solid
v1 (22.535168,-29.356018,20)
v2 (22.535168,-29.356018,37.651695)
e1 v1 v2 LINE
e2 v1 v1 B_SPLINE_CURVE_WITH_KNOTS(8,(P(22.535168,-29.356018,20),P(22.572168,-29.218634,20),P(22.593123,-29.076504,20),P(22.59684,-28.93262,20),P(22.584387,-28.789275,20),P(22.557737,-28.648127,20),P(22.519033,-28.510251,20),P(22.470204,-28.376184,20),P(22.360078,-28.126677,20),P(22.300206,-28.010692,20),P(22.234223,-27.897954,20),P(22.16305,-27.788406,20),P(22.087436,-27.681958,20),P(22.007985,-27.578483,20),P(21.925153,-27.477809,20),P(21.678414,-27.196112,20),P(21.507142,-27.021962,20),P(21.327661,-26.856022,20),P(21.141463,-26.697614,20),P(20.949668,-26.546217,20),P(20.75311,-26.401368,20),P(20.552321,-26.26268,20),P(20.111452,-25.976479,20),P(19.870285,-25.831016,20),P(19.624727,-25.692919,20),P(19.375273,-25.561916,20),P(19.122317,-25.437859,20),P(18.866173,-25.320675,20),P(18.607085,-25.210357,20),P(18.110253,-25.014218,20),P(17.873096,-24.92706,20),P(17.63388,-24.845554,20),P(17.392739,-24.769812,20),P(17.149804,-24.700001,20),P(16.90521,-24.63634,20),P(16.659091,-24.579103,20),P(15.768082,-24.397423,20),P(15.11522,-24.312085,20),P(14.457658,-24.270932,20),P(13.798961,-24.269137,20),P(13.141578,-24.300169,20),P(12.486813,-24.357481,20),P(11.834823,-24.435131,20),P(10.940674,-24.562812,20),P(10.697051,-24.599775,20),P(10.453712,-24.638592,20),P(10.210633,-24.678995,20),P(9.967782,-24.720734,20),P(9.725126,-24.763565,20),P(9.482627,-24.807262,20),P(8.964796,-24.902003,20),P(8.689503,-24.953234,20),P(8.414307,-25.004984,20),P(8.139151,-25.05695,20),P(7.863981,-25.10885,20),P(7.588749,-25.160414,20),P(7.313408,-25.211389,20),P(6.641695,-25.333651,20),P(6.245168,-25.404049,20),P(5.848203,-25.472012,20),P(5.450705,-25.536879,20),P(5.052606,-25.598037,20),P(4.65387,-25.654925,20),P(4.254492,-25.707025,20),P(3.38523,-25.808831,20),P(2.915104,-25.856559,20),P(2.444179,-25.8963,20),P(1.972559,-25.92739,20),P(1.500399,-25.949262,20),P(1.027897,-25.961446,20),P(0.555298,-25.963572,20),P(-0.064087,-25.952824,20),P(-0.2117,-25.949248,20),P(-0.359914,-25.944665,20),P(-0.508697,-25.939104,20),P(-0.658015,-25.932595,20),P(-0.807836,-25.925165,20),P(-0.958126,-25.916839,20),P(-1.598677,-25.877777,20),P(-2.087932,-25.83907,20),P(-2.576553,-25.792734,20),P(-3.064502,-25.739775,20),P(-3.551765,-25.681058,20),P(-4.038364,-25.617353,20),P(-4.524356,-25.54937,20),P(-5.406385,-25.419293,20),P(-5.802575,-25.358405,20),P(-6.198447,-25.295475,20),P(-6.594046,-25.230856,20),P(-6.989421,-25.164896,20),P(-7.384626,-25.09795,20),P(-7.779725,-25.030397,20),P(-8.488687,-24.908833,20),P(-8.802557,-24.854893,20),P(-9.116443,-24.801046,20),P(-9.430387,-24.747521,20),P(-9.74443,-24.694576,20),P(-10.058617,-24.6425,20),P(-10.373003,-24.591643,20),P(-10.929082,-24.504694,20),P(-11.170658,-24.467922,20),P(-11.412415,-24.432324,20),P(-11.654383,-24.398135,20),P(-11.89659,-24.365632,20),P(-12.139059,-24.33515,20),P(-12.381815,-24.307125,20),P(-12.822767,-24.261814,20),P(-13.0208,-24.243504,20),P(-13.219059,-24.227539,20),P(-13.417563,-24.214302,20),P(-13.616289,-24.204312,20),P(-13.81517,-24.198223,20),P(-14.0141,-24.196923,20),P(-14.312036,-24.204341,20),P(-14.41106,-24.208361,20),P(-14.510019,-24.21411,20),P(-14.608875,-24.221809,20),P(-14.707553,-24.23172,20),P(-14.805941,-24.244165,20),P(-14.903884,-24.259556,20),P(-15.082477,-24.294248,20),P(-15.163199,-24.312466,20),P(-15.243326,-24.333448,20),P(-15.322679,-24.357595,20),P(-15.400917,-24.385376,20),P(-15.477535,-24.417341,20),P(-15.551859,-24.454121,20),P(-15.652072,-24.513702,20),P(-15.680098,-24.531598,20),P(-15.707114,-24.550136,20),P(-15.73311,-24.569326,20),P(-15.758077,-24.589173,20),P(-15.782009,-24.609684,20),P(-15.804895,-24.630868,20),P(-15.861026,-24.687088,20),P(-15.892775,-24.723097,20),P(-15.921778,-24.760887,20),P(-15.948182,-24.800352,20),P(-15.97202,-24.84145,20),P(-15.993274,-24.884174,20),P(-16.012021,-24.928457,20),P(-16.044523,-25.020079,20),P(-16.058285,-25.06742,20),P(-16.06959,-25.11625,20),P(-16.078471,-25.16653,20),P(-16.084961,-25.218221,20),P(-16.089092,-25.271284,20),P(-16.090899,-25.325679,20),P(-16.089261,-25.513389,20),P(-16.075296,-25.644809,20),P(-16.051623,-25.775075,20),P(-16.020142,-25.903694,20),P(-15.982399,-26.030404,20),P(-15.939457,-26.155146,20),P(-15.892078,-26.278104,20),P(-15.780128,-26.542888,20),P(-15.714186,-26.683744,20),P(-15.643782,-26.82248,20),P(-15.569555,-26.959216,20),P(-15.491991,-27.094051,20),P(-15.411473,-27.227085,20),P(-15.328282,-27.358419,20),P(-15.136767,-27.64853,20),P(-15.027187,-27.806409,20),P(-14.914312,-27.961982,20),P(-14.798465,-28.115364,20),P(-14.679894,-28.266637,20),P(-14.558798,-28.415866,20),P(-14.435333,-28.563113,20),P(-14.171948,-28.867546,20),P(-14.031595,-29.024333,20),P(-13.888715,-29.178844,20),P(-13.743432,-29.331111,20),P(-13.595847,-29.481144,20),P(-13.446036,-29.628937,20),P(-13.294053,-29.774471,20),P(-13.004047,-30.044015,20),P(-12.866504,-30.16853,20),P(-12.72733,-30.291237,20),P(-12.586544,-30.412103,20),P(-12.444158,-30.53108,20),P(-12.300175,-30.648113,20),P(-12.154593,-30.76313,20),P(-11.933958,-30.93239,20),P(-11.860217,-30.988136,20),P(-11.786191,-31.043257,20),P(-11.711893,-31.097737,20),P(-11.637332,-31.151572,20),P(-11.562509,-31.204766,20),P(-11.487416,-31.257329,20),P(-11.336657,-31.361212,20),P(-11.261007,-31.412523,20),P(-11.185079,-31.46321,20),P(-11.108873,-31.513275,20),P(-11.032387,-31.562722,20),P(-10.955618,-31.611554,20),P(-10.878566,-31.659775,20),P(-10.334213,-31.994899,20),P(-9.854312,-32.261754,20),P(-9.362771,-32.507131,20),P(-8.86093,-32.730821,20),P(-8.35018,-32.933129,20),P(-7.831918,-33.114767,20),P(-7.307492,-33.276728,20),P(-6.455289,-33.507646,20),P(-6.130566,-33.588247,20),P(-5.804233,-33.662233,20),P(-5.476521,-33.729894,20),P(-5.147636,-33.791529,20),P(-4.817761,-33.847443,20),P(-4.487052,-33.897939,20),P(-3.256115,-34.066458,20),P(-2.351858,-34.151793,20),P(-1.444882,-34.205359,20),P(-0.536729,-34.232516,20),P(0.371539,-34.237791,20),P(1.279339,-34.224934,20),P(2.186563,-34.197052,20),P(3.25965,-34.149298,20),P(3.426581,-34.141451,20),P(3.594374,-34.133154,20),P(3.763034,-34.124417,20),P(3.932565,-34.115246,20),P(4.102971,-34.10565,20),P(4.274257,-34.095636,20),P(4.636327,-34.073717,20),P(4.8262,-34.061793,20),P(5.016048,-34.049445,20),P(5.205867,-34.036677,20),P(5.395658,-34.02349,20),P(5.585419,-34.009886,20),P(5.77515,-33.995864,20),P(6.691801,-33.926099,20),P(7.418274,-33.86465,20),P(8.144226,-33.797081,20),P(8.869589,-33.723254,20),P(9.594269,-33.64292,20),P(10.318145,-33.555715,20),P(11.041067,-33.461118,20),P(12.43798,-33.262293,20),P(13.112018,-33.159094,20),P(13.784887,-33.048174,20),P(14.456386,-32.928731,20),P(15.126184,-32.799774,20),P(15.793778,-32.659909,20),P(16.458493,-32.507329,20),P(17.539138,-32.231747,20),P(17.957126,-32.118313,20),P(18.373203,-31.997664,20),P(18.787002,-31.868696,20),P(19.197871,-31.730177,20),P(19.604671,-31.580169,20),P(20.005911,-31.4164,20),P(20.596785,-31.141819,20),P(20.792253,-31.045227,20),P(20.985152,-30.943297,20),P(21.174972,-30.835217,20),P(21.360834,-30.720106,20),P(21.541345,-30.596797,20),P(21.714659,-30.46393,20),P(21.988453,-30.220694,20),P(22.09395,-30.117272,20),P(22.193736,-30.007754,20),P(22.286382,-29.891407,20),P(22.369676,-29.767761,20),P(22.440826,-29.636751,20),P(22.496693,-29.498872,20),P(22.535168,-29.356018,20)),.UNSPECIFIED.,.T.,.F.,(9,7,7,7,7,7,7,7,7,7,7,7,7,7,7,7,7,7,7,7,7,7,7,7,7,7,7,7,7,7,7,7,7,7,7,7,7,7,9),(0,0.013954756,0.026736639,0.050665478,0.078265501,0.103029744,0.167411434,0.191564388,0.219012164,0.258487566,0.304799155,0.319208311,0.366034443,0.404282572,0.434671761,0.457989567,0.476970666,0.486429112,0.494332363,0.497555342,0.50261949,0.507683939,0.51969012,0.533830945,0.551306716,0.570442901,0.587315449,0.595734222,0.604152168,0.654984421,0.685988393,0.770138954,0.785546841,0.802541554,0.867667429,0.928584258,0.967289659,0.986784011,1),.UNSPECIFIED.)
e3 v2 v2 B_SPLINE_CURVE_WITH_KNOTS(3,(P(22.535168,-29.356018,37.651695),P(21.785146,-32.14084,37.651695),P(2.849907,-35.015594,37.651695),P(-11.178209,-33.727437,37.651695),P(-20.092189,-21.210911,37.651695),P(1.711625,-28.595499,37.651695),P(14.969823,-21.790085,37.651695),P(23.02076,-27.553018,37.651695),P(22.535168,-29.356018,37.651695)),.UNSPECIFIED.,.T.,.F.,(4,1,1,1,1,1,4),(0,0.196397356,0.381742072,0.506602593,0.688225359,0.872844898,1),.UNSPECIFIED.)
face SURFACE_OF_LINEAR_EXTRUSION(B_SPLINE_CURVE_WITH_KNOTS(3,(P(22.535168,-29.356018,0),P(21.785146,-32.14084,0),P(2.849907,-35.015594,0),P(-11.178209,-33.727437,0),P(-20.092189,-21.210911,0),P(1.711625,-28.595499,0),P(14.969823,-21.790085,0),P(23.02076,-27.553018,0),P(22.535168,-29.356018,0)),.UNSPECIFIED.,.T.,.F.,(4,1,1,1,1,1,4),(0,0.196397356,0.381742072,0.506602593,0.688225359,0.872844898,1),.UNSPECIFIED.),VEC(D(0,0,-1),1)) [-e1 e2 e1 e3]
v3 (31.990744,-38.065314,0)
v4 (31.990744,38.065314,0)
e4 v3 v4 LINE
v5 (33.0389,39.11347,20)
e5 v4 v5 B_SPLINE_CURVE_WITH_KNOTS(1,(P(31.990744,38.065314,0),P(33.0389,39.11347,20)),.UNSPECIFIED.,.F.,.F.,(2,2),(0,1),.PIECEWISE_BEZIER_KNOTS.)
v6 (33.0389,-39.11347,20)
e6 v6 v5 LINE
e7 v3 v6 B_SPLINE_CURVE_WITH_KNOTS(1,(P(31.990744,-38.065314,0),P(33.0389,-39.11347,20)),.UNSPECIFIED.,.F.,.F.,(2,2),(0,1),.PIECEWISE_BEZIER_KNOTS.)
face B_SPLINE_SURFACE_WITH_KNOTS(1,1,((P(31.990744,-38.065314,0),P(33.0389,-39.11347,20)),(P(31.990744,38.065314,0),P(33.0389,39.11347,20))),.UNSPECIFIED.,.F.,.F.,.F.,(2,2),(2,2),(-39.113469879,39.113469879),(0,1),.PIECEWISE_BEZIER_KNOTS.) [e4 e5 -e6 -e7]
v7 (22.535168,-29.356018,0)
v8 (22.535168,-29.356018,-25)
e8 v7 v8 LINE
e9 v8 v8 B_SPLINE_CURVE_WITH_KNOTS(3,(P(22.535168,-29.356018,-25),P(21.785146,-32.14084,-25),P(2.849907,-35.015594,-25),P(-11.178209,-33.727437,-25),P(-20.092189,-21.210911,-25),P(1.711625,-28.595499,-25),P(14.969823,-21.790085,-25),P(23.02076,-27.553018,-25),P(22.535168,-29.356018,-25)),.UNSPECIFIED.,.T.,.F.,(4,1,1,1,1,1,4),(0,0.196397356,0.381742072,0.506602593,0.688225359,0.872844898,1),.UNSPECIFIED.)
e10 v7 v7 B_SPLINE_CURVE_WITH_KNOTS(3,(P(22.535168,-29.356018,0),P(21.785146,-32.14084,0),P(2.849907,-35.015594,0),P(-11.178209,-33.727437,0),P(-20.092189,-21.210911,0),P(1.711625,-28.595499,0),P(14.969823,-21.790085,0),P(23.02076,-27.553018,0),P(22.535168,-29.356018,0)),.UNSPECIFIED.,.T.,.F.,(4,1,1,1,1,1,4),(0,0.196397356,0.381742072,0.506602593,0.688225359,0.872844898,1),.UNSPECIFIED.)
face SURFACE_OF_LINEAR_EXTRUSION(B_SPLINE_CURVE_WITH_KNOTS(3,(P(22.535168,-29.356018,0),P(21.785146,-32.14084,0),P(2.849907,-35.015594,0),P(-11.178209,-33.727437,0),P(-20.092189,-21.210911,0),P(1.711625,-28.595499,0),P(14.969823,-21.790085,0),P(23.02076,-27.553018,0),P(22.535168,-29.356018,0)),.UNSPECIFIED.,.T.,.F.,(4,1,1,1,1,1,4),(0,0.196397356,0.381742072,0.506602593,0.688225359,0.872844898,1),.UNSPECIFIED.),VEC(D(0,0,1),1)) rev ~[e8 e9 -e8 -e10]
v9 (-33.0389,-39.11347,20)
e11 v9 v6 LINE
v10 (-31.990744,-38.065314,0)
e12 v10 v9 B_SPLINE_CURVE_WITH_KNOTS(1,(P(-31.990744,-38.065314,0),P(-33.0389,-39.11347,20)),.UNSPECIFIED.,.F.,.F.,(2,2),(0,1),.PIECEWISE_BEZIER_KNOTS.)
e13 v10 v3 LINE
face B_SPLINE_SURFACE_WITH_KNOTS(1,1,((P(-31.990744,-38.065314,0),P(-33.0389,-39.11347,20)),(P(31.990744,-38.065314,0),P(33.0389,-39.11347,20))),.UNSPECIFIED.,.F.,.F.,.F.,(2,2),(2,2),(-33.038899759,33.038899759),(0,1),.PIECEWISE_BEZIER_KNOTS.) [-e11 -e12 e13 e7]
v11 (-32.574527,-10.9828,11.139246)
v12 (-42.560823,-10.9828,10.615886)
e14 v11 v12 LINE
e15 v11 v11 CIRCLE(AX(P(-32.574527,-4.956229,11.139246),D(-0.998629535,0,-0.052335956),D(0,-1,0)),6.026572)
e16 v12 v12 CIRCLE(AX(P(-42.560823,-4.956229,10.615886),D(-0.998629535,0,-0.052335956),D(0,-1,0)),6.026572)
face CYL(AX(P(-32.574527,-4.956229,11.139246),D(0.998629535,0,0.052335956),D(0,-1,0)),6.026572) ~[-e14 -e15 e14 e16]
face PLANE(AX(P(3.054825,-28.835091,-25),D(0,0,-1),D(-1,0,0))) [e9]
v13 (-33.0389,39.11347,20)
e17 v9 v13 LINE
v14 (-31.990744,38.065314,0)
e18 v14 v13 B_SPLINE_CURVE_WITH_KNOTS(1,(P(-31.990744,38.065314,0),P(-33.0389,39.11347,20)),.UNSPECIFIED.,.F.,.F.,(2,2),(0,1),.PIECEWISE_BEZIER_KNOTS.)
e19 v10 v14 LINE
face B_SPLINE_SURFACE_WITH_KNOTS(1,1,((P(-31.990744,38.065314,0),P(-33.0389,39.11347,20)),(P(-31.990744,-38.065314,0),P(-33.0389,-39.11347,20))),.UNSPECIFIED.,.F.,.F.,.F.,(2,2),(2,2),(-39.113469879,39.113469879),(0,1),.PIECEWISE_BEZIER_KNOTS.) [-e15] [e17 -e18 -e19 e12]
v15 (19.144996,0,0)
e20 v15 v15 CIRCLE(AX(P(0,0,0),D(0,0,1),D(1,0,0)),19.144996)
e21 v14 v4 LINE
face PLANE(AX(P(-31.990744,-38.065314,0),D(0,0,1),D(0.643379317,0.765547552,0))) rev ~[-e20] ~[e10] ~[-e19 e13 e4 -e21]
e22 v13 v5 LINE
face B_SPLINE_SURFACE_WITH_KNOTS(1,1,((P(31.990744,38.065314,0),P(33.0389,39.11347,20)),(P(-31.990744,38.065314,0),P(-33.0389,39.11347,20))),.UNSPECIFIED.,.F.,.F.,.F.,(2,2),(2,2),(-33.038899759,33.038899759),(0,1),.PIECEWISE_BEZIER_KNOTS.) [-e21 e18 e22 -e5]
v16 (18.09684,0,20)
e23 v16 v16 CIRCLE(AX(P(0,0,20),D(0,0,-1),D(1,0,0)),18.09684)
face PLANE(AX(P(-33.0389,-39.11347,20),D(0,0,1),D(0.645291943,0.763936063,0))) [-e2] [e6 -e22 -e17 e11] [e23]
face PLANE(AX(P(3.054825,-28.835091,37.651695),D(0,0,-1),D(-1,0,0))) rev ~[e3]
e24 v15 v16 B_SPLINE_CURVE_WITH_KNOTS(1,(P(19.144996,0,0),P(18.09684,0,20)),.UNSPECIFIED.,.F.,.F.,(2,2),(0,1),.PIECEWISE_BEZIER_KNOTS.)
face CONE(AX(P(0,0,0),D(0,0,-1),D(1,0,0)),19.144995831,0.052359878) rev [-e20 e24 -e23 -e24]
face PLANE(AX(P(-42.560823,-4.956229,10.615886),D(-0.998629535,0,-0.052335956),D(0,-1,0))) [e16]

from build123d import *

# Parameters (mm, degrees)
F0_W          = 63.9814883471
F0_H          = 76.1306285858
F0_R          = 19.1449958306
F1_DEPTH      = 20
F1_TAPER      = -3
F2_R          = 6.0265715507
F3_DEPTH      = 10
F5_DEPTH      = 25
F5_DEPTH_BACK = 37.6516953111


with BuildPart() as f1:
    # F0 (on Top) → F1 (new body)
    with BuildSketch(Plane.XY):
        Rectangle(F0_W, F0_H)
        Circle(F0_R, mode=Mode.SUBTRACT)
    extrude(amount=F1_DEPTH, taper=F1_TAPER)

    # F2 (on face) → F3 (join)
    with BuildSketch(Plane(origin=(-31.9031198516, 0, -1.6719716636), x_dir=(0, -1, 0), z_dir=(-0.9986295348, 0, -0.0523359562))):
        with Locations((4.9562286586, 12.8287989646)):
            Circle(F2_R)
    extrude(amount=F3_DEPTH)

    # F4 (on face) → F5 (join, two sides)
    with BuildSketch(Plane.XY) as f5_sk:
        with BuildLine():
            add(Edge.make_bspline(
                [(22.5351676345, -29.3560177088), (21.7851462413, -32.1408402275), (2.8499068429, -35.0155943736), (-11.178209398, -33.7274369658), (-20.0921889387, -21.210911456), (1.7116247617, -28.5954993301), (14.9698227985, -21.7900850901), (23.0207599501, -27.5530179173), (22.5351676345, -29.3560177088)],
                knots=[0, 0, 0, 0, 0.1963973564, 0.3817420716, 0.5066025932, 0.6882253595, 0.8728448976, 1, 1, 1, 1], degree=3))
        make_face()
    extrude(amount=-F5_DEPTH)
    extrude(f5_sk.sketch, amount=F5_DEPTH_BACK)


solid = f1.part
